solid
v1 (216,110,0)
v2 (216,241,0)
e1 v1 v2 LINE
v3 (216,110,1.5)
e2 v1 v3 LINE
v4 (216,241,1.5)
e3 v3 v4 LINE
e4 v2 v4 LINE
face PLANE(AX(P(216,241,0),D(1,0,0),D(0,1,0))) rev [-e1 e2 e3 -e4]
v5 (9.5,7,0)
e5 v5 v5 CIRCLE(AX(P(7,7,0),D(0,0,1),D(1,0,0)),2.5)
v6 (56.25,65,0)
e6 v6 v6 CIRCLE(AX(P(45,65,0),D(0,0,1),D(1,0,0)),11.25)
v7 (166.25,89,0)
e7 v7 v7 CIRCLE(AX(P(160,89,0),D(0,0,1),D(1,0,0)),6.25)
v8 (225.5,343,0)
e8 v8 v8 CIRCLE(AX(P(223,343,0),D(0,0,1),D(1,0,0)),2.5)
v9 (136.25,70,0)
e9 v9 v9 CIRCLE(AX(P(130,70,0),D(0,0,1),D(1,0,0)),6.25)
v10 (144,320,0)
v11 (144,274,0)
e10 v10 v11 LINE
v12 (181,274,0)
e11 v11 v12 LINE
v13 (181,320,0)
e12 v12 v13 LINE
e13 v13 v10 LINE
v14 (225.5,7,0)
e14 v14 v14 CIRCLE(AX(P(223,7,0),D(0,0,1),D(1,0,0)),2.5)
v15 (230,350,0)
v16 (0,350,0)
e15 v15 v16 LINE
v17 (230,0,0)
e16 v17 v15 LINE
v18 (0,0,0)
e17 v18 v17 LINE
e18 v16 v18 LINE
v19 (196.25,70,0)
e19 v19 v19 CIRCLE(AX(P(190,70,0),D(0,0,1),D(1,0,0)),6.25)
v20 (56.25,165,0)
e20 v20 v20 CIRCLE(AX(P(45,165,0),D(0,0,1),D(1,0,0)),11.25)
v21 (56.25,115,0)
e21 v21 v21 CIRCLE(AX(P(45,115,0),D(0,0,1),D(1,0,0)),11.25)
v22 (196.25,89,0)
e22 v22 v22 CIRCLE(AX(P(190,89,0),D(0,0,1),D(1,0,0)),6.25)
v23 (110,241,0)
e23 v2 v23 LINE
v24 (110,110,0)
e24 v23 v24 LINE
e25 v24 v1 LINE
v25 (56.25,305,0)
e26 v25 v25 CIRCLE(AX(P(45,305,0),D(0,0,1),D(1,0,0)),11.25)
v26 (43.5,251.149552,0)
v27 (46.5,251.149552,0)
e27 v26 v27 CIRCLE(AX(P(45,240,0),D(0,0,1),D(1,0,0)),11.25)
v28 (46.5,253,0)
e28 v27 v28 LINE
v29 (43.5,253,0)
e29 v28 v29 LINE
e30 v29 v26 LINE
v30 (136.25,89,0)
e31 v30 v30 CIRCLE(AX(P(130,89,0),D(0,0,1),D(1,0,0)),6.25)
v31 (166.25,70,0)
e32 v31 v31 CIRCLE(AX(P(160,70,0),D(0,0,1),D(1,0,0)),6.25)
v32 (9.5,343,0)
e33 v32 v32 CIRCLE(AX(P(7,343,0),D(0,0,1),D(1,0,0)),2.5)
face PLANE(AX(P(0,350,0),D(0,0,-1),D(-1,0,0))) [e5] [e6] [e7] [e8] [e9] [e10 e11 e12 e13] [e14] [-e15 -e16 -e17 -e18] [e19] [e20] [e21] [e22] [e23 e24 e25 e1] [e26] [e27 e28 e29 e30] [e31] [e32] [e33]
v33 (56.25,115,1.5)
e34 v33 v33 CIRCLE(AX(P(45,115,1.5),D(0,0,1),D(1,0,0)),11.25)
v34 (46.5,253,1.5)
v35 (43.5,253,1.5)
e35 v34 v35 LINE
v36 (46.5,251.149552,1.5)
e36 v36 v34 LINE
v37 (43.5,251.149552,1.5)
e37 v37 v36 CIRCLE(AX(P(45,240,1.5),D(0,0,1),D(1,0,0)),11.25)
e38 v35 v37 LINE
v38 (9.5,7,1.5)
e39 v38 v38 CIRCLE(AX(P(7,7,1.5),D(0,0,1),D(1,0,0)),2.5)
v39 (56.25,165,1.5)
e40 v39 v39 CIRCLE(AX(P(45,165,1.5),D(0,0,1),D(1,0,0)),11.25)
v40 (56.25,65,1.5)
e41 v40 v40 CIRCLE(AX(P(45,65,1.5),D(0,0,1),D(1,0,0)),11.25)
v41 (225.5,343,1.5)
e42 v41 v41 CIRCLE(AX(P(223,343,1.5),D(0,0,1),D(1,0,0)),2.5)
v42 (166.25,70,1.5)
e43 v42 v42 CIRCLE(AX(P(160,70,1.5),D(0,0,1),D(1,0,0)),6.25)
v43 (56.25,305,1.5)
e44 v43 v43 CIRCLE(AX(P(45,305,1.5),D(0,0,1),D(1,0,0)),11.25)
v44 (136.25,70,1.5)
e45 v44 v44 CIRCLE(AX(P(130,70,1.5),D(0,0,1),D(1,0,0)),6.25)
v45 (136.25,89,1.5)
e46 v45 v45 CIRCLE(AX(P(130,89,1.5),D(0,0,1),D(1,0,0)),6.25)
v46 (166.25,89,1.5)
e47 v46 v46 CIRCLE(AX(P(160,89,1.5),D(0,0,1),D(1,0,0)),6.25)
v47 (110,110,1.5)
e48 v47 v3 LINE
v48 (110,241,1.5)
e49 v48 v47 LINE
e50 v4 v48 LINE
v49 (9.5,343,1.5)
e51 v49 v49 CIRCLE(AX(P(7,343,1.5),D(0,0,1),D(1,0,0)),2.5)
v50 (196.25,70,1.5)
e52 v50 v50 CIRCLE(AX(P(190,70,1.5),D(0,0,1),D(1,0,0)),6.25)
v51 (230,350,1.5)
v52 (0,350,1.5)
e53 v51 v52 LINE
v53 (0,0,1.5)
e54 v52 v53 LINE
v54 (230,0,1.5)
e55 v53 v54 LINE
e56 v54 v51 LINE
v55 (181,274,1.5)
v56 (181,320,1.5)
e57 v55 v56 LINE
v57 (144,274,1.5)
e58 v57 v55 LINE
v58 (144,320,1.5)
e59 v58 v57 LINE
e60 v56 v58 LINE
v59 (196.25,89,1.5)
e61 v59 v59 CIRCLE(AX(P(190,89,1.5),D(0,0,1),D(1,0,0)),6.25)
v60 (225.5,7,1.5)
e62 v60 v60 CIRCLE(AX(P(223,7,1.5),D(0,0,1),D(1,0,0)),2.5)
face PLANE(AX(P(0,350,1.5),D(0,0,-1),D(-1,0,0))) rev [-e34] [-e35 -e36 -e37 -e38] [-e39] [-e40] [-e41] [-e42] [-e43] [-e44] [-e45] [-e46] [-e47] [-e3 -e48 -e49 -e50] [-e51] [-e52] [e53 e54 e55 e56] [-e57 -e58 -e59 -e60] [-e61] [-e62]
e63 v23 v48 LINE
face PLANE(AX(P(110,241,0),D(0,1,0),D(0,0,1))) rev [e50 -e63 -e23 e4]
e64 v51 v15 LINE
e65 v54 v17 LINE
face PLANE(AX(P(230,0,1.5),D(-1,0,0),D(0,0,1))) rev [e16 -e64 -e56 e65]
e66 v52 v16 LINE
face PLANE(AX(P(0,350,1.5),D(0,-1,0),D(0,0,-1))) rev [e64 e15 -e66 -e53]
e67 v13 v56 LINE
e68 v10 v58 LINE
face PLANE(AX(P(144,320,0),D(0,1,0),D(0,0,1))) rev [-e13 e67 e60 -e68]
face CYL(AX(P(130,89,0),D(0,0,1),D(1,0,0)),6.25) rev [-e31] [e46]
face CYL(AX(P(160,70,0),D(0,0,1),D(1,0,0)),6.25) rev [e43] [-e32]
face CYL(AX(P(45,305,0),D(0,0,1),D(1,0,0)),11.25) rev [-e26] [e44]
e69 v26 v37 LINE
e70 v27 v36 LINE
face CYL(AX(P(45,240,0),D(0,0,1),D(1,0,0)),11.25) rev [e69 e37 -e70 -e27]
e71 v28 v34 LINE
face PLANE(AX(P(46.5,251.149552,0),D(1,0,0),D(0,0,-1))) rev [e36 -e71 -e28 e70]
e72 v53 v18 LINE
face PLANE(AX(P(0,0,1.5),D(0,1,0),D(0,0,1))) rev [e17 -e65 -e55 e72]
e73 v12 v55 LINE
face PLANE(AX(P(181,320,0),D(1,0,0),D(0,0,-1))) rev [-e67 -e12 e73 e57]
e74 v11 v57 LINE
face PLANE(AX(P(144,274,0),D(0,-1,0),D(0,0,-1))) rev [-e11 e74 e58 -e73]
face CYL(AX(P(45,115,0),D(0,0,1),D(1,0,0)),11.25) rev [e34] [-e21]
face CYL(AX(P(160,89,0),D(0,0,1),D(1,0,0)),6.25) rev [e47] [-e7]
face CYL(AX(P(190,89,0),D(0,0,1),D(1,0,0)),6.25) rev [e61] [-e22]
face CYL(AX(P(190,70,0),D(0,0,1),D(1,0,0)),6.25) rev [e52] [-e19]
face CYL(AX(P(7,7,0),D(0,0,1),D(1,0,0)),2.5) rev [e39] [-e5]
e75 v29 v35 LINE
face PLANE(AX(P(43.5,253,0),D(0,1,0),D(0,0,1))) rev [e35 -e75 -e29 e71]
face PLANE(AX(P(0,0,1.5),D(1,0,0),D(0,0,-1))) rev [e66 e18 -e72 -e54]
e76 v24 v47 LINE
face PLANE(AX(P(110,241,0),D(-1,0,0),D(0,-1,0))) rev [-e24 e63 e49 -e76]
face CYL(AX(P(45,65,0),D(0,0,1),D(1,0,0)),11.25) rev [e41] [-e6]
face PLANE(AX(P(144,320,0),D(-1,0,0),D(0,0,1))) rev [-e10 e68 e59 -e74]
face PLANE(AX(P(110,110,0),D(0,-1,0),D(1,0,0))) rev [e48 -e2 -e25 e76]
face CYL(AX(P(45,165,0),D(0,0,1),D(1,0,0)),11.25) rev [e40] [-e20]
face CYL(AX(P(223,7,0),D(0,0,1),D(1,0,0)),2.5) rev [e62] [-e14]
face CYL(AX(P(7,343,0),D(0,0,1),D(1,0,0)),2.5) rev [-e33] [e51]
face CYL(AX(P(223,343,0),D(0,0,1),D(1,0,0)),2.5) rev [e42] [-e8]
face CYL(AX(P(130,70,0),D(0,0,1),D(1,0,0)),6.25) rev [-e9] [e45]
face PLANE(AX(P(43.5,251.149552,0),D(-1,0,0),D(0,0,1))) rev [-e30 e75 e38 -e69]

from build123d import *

# Parameters (mm, degrees)
ESQUISSE1_W             = 230
ESQUISSE1_H             = 350
BASE_EXTRUSION_DEPTH    = 1.5
ESQUISSE2_R             = 2.5
ENL_V_MAT_EXTRU_1_DEPTH = 1.5
ESQUISSE3_R             = 11.25
ENL_V_MAT_EXTRU_2_DEPTH = 1.5
ESQUISSE4_R             = 6.25
ENL_V_MAT_EXTRU_3_DEPTH = 1.5
ESQUISSE5_W             = 106
ESQUISSE5_H             = 131
ENL_V_MAT_EXTRU_4_DEPTH = 1.5
ESQUISSE6_W             = 37
ESQUISSE6_H             = 46
ENL_V_MAT_EXTRU_5_DEPTH = 1.5


with BuildPart() as part:
    # Esquisse1 → Base-Extrusion (new body)
    with BuildSketch(Plane.XY):
        with Locations((115, 175)):
            Rectangle(ESQUISSE1_W, ESQUISSE1_H)
    extrude(amount=BASE_EXTRUSION_DEPTH)

    # Esquisse2 → Enlèv. mat.-Extru.1 (cut)
    with BuildSketch(Plane.XY.offset(1.5)):
        with Locations((7, 7)):
            Circle(ESQUISSE2_R)
        with Locations((223, 7)):
            Circle(ESQUISSE2_R)
        with Locations((7, 343)):
            Circle(ESQUISSE2_R)
        with Locations((223, 343)):
            Circle(ESQUISSE2_R)
    extrude(amount=-ENL_V_MAT_EXTRU_1_DEPTH, mode=Mode.SUBTRACT)

    # Esquisse3 → Enlèv. mat.-Extru.2 (cut)
    with BuildSketch(Plane.XY.offset(1.5)):
        with Locations((45, 65)):
            Circle(ESQUISSE3_R)
        with Locations((45, 115)):
            Circle(ESQUISSE3_R)
        with Locations((45, 165)):
            Circle(ESQUISSE3_R)
        with Locations((45, 305)):
            Circle(ESQUISSE3_R)
        with BuildLine():
            Line((43.5, 251.14955156), (43.5, 253))
            Line((43.5, 253), (46.5, 253))
            Line((46.5, 253), (46.5, 251.14955156))
            ThreePointArc((46.5, 251.14955156), (45, 228.75), (43.5, 251.14955156))
        make_face()
    extrude(amount=-ENL_V_MAT_EXTRU_2_DEPTH, mode=Mode.SUBTRACT)

    # Esquisse4 → Enlèv. mat.-Extru.3 (cut)
    with BuildSketch(Plane.XY.offset(1.5)):
        with Locations((130, 70)):
            Circle(ESQUISSE4_R)
        with Locations((130, 89)):
            Circle(ESQUISSE4_R)
        with Locations((160, 70)):
            Circle(ESQUISSE4_R)
        with Locations((160, 89)):
            Circle(ESQUISSE4_R)
        with Locations((190, 70)):
            Circle(ESQUISSE4_R)
        with Locations((190, 89)):
            Circle(ESQUISSE4_R)
    extrude(amount=-ENL_V_MAT_EXTRU_3_DEPTH, mode=Mode.SUBTRACT)

    # Esquisse5 → Enlèv. mat.-Extru.4 (cut)
    with BuildSketch(Plane.XY.offset(1.5)):
        with Locations((163, 175.5)):
            Rectangle(ESQUISSE5_W, ESQUISSE5_H)
    extrude(amount=-ENL_V_MAT_EXTRU_4_DEPTH, mode=Mode.SUBTRACT)

    # Esquisse6 → Enlèv. mat.-Extru.5 (cut)
    with BuildSketch(Plane.XY.offset(1.5)):
        with Locations((162.5, 297)):
            Rectangle(ESQUISSE6_W, ESQUISSE6_H)
    extrude(amount=-ENL_V_MAT_EXTRU_5_DEPTH, mode=Mode.SUBTRACT)


solid = part.part
